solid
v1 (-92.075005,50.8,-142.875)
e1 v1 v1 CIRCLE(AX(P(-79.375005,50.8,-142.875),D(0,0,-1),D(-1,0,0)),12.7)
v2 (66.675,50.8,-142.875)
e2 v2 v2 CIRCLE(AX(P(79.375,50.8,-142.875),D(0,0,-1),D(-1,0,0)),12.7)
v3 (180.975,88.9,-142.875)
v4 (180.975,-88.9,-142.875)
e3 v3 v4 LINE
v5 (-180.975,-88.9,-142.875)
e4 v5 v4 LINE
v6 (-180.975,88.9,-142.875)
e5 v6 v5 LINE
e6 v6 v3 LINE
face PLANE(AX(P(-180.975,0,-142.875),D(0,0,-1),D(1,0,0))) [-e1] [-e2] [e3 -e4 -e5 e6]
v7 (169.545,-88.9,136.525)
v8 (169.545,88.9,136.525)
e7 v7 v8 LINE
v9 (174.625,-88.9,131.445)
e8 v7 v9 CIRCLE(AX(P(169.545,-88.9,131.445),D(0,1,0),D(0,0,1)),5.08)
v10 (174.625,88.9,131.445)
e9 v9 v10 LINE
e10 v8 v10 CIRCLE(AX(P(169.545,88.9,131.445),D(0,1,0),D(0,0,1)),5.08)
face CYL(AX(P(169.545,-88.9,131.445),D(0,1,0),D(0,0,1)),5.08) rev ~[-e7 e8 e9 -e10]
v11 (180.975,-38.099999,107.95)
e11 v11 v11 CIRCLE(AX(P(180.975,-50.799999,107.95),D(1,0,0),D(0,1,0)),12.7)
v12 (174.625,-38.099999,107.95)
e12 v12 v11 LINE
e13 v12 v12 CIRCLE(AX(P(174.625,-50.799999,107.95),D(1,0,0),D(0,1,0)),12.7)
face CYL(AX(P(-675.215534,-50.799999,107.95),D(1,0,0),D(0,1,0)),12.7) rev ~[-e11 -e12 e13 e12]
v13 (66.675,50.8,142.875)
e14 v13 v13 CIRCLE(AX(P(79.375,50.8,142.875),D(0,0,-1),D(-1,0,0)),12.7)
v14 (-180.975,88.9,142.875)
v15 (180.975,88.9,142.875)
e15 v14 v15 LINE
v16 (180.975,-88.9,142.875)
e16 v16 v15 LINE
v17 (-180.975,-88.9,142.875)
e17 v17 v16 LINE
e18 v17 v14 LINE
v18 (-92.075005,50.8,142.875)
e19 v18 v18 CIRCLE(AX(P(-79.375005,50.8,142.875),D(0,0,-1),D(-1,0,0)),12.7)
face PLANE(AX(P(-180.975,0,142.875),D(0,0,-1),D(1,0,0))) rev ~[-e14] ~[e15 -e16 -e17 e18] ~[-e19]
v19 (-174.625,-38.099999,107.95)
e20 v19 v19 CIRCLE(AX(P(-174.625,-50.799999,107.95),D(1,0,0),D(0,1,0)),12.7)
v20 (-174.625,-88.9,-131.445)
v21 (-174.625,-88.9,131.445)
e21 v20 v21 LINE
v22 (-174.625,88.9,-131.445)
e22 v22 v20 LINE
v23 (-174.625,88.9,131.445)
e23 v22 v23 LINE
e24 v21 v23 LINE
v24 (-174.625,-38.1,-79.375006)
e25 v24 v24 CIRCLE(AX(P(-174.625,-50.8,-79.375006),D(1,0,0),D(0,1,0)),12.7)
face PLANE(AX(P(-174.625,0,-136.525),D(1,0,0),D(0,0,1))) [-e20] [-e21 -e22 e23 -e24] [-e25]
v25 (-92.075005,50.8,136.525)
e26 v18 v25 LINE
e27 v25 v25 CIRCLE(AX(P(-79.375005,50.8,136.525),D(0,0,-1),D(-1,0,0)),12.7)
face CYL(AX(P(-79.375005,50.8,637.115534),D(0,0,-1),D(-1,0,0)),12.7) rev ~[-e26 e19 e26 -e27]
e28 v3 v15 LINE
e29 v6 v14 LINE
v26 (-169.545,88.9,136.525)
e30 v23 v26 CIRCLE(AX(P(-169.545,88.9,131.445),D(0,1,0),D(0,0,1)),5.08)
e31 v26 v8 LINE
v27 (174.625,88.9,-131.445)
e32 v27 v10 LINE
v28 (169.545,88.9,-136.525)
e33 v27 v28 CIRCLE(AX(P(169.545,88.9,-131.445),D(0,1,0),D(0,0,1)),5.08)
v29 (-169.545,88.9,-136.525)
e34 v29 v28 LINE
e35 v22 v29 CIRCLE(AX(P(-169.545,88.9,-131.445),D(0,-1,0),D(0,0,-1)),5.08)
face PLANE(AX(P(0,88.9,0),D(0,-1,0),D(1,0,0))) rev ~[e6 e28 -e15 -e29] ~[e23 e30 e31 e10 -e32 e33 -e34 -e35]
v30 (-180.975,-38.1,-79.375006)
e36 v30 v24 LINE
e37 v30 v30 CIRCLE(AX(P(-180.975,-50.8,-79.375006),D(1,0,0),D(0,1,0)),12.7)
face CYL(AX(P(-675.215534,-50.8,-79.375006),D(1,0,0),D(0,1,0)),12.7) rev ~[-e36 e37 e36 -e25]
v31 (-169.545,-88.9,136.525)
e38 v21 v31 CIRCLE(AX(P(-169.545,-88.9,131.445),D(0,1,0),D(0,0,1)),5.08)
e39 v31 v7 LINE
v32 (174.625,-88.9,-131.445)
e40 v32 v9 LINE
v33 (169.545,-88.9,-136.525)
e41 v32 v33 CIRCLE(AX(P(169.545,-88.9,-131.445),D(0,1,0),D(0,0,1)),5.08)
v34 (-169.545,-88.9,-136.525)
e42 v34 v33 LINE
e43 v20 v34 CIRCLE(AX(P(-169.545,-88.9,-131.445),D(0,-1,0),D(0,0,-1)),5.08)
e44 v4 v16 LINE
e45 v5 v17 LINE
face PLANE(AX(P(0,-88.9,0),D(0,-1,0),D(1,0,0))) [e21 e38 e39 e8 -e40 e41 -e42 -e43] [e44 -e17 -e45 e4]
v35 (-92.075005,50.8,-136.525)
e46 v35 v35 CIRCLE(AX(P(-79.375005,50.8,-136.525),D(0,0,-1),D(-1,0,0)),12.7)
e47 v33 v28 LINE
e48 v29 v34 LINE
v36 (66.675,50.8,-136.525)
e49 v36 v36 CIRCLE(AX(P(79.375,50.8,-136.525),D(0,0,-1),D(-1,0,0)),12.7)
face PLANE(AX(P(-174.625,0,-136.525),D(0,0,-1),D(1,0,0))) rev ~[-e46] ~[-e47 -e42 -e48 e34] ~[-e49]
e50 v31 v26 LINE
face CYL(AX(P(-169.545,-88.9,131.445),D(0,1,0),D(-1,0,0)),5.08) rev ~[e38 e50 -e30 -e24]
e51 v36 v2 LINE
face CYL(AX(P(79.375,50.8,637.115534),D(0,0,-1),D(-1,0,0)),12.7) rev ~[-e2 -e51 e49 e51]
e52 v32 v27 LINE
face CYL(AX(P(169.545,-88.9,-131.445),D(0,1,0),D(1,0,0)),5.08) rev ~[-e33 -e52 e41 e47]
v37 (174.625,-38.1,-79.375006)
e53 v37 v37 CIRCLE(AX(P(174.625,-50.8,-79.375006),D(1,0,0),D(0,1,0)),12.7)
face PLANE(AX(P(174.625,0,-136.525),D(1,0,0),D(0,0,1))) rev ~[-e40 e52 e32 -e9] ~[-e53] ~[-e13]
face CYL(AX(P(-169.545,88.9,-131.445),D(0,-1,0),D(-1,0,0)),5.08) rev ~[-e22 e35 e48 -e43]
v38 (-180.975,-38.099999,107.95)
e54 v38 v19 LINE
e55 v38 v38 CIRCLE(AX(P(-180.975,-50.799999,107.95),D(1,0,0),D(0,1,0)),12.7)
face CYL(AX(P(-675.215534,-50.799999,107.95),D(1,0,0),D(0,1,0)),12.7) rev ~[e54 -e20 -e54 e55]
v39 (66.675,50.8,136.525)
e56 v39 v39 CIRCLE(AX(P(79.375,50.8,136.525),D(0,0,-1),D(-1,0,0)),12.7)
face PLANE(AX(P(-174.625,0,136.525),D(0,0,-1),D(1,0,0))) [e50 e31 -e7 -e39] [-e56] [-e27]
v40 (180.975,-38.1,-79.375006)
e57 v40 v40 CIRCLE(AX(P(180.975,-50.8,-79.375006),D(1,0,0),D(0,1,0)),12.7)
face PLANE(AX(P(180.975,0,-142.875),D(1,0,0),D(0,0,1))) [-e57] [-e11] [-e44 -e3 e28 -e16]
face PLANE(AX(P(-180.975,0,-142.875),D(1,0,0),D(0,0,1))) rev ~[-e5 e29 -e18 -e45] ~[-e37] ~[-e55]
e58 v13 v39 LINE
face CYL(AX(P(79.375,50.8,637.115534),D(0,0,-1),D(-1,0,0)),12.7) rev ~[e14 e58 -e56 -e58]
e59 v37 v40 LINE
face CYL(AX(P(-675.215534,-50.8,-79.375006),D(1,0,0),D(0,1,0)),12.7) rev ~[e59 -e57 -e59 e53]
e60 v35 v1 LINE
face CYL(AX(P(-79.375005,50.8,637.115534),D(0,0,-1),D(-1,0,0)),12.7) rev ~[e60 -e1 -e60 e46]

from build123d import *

# Parameters (mm, degrees)
F0_W     = 361.95
F0_H     = 285.75
F0_W_2   = 349.25
F0_H_2   = 273.05
F1_DEPTH = 88.9
F2_R     = 5.08
F4_D     = 25.4
F6_D     = 25.4


with BuildPart() as f1:
    # F0 (on Front) → F1 (new body, symmetric)
    with BuildSketch(Plane.XZ):
        Rectangle(F0_W, F0_H)
        Rectangle(F0_W_2, F0_H_2, mode=Mode.SUBTRACT)
    extrude(amount=F1_DEPTH, both=True)

    # F2
    f2_edges = [f1.edges().sort_by_distance(p)[0] for p in [
        (-174.625, 0, -136.525),
        (174.625, 0, -136.525),
        (174.625, 0, 136.525),
        (-174.625, 0, 136.525),
    ]]
    fillet(f2_edges, radius=F2_R)

    # F4 (through all)
    with Locations(Plane.XY.offset(142.875)):
        with Locations((-79.375005, 50.8), (79.375, 50.8)):
            Hole(F4_D / 2)

    # F6 (through all)
    with Locations(Plane(origin=(-180.975, 0, 0), x_dir=(0, -1, 0), z_dir=(-1, 0, 0))):
        with Locations((50.799999, 107.95), (50.8, -79.375006)):
            Hole(F6_D / 2)


solid = f1.part
